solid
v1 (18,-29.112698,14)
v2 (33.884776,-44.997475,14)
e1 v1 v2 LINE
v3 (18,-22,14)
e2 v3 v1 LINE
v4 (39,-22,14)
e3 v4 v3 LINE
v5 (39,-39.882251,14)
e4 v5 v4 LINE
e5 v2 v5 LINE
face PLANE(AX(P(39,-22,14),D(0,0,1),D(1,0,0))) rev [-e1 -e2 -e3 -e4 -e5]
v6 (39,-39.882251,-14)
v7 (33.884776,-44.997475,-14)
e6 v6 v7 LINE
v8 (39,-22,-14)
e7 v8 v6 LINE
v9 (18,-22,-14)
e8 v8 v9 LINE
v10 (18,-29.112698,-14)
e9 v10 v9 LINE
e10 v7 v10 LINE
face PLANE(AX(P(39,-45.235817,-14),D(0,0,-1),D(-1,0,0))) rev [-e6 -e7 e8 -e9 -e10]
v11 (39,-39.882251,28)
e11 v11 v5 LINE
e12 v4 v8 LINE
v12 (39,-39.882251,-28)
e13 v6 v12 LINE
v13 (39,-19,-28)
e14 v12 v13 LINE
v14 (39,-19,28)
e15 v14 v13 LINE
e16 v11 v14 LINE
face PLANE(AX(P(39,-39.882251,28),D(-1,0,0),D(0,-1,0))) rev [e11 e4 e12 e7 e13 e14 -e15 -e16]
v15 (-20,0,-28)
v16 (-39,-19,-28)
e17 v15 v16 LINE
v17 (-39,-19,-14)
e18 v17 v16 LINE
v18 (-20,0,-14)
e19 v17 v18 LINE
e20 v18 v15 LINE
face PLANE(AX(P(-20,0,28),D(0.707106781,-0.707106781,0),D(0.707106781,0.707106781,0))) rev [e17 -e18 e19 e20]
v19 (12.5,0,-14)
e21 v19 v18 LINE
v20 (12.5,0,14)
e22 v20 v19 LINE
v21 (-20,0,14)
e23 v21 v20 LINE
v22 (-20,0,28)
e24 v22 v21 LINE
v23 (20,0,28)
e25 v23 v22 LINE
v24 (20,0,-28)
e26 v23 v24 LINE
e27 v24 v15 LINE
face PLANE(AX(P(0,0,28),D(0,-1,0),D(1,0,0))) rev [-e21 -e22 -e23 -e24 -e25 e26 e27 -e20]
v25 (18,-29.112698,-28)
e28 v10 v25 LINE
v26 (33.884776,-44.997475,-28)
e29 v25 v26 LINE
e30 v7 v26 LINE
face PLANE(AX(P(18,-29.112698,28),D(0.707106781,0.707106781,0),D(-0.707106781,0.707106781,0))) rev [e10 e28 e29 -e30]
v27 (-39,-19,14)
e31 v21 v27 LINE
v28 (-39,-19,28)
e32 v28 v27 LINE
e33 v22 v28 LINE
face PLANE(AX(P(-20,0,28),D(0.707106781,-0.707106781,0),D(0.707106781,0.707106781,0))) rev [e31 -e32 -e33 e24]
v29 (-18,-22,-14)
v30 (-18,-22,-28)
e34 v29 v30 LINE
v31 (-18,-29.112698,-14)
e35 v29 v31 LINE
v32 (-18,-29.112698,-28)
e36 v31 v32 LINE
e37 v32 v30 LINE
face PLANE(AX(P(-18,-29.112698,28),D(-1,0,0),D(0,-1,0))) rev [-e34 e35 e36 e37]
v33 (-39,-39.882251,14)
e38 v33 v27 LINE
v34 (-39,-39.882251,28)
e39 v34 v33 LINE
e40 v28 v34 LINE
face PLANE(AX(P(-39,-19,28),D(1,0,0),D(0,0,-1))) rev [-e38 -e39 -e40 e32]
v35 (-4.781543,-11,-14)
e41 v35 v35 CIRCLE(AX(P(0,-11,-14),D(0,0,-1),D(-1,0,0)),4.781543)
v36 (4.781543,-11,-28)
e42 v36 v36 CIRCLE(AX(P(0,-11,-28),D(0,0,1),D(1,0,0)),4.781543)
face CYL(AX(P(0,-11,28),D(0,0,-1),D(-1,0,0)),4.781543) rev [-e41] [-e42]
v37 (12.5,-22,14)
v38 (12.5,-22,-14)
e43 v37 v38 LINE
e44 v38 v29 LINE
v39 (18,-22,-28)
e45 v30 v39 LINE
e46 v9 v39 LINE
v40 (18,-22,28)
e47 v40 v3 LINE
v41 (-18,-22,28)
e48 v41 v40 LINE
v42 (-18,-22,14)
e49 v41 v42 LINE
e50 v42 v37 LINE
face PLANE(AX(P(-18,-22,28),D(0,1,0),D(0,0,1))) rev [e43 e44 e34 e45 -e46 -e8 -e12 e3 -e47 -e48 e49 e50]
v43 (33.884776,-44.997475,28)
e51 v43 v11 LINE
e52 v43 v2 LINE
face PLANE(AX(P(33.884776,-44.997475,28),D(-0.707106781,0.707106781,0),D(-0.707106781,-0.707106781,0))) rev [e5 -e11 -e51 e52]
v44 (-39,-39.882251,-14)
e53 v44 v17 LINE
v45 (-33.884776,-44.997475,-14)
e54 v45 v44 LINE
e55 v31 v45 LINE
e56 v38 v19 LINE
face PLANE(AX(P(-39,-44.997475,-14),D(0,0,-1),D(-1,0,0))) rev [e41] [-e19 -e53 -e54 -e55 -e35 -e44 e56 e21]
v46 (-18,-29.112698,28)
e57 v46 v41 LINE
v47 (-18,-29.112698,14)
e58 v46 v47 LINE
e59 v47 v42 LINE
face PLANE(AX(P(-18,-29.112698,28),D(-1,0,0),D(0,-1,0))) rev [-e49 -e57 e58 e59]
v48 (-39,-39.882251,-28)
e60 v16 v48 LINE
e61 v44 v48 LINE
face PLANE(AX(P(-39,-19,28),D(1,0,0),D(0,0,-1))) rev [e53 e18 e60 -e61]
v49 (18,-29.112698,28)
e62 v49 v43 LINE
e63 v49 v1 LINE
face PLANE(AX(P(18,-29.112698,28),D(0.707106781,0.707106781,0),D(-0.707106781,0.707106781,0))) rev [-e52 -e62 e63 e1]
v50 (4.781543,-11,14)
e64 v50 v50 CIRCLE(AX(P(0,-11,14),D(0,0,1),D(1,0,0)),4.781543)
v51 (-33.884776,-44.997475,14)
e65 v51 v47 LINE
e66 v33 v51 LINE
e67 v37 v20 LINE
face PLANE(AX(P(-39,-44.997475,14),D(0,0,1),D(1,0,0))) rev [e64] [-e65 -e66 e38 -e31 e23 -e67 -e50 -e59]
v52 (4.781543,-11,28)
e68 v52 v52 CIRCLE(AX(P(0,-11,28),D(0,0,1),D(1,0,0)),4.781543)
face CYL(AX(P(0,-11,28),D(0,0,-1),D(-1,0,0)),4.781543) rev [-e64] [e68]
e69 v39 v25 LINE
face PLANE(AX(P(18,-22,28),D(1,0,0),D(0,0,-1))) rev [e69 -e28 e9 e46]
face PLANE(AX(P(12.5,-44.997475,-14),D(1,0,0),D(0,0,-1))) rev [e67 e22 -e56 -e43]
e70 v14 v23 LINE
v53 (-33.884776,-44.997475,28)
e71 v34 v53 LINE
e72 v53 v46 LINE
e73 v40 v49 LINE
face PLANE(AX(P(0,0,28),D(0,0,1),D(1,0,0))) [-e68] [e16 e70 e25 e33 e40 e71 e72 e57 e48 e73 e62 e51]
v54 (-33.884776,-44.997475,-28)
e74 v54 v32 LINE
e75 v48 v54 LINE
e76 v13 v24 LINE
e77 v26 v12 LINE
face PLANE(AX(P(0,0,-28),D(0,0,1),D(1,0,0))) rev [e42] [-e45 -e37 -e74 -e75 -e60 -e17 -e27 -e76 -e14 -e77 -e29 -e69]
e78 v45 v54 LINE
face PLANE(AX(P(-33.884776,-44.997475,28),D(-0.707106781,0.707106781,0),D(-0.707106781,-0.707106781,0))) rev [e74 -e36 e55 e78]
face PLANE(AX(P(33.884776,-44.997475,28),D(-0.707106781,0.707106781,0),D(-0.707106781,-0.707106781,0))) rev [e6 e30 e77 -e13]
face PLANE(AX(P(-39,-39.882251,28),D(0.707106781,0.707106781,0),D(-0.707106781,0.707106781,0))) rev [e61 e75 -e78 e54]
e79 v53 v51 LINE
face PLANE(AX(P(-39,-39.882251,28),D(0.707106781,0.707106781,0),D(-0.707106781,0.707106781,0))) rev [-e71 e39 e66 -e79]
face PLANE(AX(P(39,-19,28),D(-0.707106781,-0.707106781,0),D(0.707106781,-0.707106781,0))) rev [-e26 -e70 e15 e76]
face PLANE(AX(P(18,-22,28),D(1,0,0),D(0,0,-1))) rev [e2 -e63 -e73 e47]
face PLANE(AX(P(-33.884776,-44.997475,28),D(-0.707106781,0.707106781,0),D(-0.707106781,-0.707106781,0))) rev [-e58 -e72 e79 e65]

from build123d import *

# Parameters (mm, degrees)
SKETCH_1_R          = 4.781543069
EXTRUDE_1_DEPTH     = 28
SKETCH_2_W          = 51.5
SKETCH_2_H          = 28
CUT_EXTRUDE_1_DEPTH = 45.997474683
SKETCH_3_W          = 28
SKETCH_3_H          = 23.235817225
CUT_EXTRUDE_2_DEPTH = 27.5


with BuildPart() as part:
    # 草图1 → 凸台-拉伸1 (new body, symmetric)
    with BuildSketch(Plane.XY):
        Polygon((0, 0), (-20, 0), (-39, -19), (-39, -39.882250994), (-33.884776311, -44.997474683), (-18, -29.112698372), (-18, -22), (18, -22), (18, -29.112698372), (33.884776311, -44.997474683), (39, -39.882250994), (39, -19), (20, 0), align=None)
        with Locations((0, -11)):
            Circle(SKETCH_1_R, mode=Mode.SUBTRACT)
    extrude(amount=EXTRUDE_1_DEPTH, both=True)

    # 草图2 → 切除-拉伸1 (cut, through all)
    with BuildSketch(Plane(origin=(0, 0, 0), x_dir=(1, 0, 0), z_dir=(0, 1, 0))):
        with Locations((-13.25, 0)):
            Rectangle(SKETCH_2_W, SKETCH_2_H)
    extrude(amount=-CUT_EXTRUDE_1_DEPTH, mode=Mode.SUBTRACT)

    # 草图3 → 切除-拉伸2 (cut, through all)
    with BuildSketch(Plane.ZY.offset(-12.5)):
        with Locations((0, -33.617908613)):
            Rectangle(SKETCH_3_W, SKETCH_3_H)
    extrude(amount=-CUT_EXTRUDE_2_DEPTH, mode=Mode.SUBTRACT)


solid = part.part
